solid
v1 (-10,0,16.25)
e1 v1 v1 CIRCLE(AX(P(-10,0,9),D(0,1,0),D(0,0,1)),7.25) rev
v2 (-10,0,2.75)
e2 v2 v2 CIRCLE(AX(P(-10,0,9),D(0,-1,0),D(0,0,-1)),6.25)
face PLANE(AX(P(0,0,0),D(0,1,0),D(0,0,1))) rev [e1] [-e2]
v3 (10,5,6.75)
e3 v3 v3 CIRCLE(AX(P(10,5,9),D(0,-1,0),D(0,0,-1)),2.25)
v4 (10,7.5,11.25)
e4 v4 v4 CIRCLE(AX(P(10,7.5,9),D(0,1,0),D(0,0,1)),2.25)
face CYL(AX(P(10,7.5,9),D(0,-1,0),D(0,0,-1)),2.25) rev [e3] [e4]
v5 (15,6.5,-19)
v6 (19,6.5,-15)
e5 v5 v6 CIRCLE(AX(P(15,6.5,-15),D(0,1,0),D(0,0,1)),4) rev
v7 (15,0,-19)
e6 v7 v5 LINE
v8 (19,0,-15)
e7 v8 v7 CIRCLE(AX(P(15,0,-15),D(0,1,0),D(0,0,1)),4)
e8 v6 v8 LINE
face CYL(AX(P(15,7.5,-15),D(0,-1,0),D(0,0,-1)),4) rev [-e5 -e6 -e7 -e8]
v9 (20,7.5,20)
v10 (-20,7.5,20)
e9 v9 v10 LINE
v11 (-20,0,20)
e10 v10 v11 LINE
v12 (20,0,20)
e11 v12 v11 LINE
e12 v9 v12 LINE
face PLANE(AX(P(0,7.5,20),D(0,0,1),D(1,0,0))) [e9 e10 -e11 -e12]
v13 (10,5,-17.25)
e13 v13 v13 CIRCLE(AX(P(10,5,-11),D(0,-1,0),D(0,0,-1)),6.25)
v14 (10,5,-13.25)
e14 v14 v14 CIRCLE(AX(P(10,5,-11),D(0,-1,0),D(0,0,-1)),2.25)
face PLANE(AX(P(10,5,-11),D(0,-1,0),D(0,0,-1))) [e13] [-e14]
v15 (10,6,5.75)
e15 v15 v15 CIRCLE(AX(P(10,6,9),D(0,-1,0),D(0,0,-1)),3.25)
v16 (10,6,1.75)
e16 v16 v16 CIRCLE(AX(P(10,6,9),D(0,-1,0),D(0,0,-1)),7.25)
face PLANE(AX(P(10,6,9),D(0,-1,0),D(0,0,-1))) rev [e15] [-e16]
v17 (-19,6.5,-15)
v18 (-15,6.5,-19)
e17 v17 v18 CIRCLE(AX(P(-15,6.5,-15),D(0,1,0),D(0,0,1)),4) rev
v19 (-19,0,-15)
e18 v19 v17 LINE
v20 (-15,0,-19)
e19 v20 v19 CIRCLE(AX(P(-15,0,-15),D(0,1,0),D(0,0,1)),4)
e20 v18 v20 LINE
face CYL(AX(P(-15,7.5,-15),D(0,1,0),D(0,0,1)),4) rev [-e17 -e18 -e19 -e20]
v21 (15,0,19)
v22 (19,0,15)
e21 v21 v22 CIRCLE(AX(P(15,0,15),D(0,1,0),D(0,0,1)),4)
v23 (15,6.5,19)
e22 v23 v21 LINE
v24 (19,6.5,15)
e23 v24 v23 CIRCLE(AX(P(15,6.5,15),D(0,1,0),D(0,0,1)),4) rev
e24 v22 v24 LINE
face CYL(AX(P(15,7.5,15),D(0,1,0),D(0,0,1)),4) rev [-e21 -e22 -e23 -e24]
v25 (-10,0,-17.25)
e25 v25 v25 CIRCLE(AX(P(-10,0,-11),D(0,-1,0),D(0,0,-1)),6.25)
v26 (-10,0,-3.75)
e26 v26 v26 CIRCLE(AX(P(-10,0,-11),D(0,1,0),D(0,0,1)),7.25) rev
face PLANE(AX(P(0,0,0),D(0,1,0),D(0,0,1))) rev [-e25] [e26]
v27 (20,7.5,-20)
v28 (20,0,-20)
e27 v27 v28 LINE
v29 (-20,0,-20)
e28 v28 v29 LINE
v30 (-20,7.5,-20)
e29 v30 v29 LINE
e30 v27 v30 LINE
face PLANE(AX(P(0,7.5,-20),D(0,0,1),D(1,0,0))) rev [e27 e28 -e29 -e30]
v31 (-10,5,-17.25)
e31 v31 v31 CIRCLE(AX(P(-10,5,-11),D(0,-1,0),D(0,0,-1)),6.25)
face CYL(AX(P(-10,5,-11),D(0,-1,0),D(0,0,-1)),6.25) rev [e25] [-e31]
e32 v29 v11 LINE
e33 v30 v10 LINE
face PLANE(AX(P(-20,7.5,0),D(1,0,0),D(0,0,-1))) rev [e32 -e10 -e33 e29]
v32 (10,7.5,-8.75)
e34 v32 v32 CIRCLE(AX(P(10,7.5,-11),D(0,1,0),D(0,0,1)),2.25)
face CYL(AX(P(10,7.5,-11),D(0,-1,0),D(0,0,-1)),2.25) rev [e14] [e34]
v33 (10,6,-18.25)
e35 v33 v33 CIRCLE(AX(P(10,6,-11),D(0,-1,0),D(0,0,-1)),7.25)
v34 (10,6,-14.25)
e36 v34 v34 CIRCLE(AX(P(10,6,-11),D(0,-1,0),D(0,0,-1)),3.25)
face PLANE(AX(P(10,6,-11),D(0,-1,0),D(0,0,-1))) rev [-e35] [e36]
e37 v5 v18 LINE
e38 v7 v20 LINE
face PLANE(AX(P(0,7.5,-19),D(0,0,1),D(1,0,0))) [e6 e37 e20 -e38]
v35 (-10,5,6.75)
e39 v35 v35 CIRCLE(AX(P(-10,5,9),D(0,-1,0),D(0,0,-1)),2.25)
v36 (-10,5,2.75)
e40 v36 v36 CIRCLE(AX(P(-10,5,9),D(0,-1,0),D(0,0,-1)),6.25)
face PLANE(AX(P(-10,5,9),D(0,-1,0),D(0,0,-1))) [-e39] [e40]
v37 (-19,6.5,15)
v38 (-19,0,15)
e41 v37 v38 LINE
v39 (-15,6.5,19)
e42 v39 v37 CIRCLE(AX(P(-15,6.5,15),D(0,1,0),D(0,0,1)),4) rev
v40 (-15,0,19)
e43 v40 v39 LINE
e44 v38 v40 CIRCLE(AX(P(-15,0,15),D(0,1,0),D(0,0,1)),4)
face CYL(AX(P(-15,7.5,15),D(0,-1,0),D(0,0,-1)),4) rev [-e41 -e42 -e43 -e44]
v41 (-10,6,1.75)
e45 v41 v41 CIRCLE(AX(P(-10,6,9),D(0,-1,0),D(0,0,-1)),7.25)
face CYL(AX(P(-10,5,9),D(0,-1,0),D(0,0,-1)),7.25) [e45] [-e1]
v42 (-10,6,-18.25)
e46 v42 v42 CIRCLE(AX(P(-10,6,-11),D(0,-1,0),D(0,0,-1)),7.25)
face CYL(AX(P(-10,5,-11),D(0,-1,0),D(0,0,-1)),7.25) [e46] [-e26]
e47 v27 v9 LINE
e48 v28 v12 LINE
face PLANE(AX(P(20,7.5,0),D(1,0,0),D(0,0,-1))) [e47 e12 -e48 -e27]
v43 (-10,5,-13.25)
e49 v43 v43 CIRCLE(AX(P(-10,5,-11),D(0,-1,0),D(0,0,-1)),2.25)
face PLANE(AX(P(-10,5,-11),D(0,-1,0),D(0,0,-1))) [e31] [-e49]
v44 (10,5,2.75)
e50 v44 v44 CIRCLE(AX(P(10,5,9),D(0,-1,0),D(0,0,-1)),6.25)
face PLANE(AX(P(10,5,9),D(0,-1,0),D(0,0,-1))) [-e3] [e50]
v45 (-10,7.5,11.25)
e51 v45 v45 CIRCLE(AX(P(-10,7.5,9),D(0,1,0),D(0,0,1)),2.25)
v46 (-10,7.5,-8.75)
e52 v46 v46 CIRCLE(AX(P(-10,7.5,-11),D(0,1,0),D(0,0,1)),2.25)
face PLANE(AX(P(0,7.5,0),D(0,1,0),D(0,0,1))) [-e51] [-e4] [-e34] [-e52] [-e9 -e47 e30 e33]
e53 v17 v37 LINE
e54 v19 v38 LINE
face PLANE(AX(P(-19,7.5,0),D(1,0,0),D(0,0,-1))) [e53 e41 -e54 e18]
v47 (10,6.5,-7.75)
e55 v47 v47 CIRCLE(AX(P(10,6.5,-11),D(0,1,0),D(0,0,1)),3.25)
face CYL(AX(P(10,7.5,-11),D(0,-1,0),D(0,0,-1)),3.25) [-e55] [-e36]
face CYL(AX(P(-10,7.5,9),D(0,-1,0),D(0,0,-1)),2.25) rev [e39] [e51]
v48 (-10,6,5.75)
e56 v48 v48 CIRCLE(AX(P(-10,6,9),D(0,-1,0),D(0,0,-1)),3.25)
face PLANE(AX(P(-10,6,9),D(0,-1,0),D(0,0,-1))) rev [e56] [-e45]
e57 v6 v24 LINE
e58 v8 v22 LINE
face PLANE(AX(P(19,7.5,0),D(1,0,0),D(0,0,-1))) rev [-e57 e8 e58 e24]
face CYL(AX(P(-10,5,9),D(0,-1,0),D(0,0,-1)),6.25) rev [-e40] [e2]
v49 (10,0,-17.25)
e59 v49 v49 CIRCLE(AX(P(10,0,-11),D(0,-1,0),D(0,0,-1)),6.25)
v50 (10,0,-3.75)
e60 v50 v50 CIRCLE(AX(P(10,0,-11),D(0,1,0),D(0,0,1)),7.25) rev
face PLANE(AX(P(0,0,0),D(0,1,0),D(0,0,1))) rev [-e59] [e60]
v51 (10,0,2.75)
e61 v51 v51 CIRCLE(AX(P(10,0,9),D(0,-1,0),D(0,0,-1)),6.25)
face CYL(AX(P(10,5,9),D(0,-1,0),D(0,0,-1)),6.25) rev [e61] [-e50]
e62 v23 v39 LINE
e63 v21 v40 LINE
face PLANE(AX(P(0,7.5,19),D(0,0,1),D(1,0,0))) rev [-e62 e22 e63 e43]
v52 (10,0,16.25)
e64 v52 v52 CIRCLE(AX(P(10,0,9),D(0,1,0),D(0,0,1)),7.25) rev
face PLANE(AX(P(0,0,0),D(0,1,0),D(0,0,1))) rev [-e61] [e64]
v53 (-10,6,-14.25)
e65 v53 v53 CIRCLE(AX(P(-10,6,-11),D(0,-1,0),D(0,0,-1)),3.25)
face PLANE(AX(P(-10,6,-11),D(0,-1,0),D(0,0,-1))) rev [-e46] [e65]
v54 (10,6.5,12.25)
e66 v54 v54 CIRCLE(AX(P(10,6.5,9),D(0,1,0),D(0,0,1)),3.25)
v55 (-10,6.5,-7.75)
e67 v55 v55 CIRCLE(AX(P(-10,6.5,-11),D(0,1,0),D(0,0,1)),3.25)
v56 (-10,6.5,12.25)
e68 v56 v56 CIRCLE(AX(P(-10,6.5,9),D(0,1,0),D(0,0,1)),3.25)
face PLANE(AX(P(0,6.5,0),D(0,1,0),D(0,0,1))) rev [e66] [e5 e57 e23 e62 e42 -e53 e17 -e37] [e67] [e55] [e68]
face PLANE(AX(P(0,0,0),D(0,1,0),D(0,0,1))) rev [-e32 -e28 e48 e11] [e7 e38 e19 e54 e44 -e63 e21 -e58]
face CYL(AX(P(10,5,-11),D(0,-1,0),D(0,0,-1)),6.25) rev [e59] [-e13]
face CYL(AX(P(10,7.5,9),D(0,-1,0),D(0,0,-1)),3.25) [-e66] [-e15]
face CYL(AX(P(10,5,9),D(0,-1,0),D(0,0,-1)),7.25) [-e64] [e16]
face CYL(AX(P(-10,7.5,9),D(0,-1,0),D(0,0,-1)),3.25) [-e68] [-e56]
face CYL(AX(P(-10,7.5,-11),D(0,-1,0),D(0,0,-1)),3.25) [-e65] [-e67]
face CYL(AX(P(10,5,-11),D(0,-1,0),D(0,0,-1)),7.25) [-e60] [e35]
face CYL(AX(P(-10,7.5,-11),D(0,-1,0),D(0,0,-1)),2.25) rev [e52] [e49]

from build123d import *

# Parameters (mm, degrees)
CROQUIS1_W              = 40
CROQUIS1_H              = 40
CROQUIS1_R              = 2.25
SALIENTE_EXTRUIR1_DEPTH = 7.5
CROQUIS2_R              = 6.25
CORTAR_EXTRUIR1_DEPTH   = 5
VACIADO1_T              = -1
REDONDEO1_R             = 4


with BuildPart() as part:
    # Croquis1 → Saliente-Extruir1 (new body)
    with BuildSketch(Plane(origin=(0, 0, 0), x_dir=(1, 0, 0), z_dir=(0, 1, 0))):
        Rectangle(CROQUIS1_W, CROQUIS1_H)
        with Locations(Location((-10, -9, 0), (0, 0, 270))):
            Circle(CROQUIS1_R, mode=Mode.SUBTRACT)
        with Locations(Location((10, -9, 0), (0, 0, 270))):
            Circle(CROQUIS1_R, mode=Mode.SUBTRACT)
        with Locations(Location((10, 11, 0), (0, 0, 270))):
            Circle(CROQUIS1_R, mode=Mode.SUBTRACT)
        with Locations(Location((-10, 11, 0), (0, 0, 270))):
            Circle(CROQUIS1_R, mode=Mode.SUBTRACT)
    extrude(amount=SALIENTE_EXTRUIR1_DEPTH)

    # Croquis2 → Cortar-Extruir1 (cut)
    with BuildSketch(Plane.XZ):
        with Locations(Location((-10, 9, 0), (0, 0, 270))):
            Circle(CROQUIS2_R)
        with Locations(Location((10, 9, 0), (0, 0, 270))):
            Circle(CROQUIS2_R)
        with Locations(Location((-10, -11, 0), (0, 0, 270))):
            Circle(CROQUIS2_R)
        with Locations(Location((10, -11, 0), (0, 0, 270))):
            Circle(CROQUIS2_R)
    extrude(amount=-CORTAR_EXTRUIR1_DEPTH, mode=Mode.SUBTRACT)

    # Vaciado1
    vaciado1_openings = [part.faces().sort_by_distance(p)[0] for p in [
        (0, 0, 0.442577116),
    ]]
    offset(amount=VACIADO1_T, openings=vaciado1_openings, kind=Kind.INTERSECTION)

    # Redondeo1
    redondeo1_edges = [part.edges().sort_by_distance(p)[0] for p in [
        (-19, 3.25, -19),
        (19, 3.25, -19),
        (19, 3.25, 19),
        (-19, 3.25, 19),
    ]]
    fillet(redondeo1_edges, radius=REDONDEO1_R)


solid = part.part
